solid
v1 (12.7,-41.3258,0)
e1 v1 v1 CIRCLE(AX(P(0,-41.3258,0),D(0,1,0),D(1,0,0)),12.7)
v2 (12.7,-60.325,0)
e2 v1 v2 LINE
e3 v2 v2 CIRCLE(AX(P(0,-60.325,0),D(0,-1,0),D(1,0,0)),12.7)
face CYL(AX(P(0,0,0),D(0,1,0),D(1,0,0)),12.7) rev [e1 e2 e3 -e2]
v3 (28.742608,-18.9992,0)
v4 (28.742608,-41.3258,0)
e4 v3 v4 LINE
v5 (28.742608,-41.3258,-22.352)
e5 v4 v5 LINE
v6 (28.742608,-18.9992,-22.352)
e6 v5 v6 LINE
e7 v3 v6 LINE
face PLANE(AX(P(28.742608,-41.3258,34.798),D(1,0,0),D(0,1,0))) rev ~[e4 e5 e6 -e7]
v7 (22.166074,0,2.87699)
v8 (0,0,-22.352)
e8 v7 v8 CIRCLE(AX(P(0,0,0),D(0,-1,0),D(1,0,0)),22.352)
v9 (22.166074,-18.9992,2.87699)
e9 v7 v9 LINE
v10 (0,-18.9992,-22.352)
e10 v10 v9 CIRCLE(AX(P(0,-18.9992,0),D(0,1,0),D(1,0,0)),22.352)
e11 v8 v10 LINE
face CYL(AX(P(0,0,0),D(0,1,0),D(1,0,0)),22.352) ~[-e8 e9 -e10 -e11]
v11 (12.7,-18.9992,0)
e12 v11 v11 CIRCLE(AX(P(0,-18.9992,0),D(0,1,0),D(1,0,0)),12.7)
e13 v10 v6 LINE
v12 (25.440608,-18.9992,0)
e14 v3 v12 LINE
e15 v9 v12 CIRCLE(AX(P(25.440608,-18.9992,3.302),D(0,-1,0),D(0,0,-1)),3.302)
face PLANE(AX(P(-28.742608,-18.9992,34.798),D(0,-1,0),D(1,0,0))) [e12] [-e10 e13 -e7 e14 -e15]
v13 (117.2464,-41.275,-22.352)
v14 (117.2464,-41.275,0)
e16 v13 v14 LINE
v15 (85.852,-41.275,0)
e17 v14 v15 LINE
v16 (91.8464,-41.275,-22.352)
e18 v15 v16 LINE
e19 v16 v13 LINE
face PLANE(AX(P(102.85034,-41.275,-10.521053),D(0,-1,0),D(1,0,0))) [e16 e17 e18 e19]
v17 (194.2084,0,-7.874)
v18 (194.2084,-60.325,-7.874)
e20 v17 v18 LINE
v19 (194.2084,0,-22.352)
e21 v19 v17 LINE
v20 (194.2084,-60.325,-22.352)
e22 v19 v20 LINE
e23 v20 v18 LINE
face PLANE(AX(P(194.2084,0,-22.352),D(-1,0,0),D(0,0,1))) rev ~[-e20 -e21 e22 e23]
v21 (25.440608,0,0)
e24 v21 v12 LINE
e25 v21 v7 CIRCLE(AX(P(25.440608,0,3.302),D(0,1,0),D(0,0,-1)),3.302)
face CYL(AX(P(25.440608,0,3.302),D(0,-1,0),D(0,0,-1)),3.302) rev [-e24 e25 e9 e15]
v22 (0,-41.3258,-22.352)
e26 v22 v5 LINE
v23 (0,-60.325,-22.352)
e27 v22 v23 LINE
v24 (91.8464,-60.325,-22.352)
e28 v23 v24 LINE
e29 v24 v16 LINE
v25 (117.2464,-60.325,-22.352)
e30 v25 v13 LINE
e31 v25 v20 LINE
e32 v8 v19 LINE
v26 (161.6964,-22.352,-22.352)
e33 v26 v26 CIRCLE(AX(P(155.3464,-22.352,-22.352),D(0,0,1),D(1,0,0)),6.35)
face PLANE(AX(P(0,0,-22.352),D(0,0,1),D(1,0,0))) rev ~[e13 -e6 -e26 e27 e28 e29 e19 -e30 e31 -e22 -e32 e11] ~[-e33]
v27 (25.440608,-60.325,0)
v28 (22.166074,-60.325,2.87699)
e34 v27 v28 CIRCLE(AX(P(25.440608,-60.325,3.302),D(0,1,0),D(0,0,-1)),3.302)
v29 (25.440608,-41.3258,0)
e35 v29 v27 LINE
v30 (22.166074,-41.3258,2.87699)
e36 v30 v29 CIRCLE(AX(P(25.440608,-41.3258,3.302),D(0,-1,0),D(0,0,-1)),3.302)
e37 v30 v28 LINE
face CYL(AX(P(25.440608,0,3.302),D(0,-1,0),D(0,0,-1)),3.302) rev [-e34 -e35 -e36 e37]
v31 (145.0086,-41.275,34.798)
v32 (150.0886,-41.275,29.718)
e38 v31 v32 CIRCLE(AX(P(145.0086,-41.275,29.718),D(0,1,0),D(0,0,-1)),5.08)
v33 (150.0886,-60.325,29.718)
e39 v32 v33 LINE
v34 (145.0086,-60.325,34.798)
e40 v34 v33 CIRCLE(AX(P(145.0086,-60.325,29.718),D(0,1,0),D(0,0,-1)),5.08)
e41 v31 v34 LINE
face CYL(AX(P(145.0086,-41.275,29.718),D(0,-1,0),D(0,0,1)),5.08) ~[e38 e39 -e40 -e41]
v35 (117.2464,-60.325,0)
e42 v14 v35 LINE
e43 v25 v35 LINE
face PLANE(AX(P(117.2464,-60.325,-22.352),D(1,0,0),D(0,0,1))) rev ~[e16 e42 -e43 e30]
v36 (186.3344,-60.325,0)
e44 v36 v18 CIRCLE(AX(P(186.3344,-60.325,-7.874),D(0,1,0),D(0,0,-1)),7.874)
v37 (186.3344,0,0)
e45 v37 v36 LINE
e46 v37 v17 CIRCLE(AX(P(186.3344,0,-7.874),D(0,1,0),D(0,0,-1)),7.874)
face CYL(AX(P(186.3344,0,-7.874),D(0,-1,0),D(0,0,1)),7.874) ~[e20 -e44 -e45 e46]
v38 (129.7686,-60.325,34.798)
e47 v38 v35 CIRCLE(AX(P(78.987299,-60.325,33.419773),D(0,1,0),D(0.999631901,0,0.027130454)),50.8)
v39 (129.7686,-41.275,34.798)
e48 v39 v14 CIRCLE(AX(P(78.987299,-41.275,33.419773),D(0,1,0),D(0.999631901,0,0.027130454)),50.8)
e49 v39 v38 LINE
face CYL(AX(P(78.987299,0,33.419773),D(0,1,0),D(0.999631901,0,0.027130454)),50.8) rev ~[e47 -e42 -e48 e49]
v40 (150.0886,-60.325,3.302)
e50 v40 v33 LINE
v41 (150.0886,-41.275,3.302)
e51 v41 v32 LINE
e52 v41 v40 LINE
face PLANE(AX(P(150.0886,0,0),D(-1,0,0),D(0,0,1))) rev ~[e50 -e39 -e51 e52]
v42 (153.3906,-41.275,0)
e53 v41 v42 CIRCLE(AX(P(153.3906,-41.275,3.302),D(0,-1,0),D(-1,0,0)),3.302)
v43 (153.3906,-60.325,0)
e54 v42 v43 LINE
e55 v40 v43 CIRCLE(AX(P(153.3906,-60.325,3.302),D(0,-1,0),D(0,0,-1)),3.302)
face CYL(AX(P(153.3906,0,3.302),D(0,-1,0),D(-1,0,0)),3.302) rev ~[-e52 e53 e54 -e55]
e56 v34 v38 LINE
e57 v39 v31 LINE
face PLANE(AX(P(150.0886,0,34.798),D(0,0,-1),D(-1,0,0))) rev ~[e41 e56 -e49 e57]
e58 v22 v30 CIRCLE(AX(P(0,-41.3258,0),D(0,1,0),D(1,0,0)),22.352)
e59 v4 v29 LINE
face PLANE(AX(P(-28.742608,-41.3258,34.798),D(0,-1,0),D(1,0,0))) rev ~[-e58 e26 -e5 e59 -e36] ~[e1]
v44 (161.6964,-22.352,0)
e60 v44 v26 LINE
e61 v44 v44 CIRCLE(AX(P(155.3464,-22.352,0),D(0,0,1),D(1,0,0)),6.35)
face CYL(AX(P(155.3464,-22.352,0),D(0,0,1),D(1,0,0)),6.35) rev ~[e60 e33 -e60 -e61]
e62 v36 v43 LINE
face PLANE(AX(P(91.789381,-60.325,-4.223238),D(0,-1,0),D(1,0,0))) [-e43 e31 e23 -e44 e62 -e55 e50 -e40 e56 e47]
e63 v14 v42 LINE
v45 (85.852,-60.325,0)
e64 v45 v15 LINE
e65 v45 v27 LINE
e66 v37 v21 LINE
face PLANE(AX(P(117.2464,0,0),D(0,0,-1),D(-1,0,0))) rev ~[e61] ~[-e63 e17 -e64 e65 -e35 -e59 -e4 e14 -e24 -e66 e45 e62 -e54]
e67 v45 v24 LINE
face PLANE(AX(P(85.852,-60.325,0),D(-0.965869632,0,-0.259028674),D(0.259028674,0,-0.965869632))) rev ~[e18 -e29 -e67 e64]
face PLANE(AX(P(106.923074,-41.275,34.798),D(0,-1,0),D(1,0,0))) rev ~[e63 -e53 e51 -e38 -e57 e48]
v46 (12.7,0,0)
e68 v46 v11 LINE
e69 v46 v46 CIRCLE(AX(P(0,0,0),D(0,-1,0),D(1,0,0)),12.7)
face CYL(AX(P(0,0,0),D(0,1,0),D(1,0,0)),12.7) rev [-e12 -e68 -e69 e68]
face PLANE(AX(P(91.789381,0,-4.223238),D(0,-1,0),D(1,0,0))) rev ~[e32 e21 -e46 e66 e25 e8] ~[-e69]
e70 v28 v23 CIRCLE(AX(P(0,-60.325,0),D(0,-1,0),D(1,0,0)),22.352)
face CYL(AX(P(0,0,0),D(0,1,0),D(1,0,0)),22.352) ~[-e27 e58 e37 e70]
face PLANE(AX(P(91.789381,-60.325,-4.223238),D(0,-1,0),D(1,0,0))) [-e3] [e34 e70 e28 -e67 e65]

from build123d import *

# Parameters (mm, degrees)
F0_R      = 12.7
F1_DEPTH  = 60.325
F2_R      = 3.302
F3_W      = 57.4852150798
F3_H      = 22.3266
F4_DEPTH  = 57.151
F3_W_2    = 22.8455264698
F3_H_2    = 41.275
F3_W_3    = 20.32
F3_W_4    = 13.4658747114
F5_DEPTH  = 34.798
F6_R      = 6.35
F7_DEPTH  = 22.353
F8_R      = 5.08
F9_R      = 7.874
F11_DEPTH = 19.05


with BuildPart() as f1:
    # F0 (on Front) → F1 (new body)
    with BuildSketch(Plane.XZ):
        with BuildLine():
            Line((117.2464, 0), (22.352, 0))
            ThreePointArc((22.352, 0), (-15.8052507731, 15.8052507731), (0, -22.352))
            Line((0, -22.352), (194.2084, -22.352))
            Line((194.2084, -22.352), (194.2084, 0))
            Line((194.2084, 0), (150.0886, 0))
            Line((150.0886, 0), (150.0886, 34.798))
            Line((150.0886, 34.798), (129.7686, 34.798))
            ThreePointArc((129.7686, 34.798), (126.786603396, 16.2190014787), (117.2464, 0))
        make_face()
        Circle(F0_R, mode=Mode.SUBTRACT)
    extrude(amount=F1_DEPTH)

    # F2
    f2_edges = [f1.edges().sort_by_distance(p)[0] for p in [
        (22.352, -30.1625, 0),
        (150.0886, -30.1625, 0),
    ]]
    fillet(f2_edges, radius=F2_R)

    # F3 (on face) → F4 (cut, through all)
    with BuildSketch(Plane.XY.offset(34.798)):
        with Locations((0, -30.1625)):
            Rectangle(F3_W, F3_H)
    extrude(amount=-F4_DEPTH, mode=Mode.SUBTRACT)

    # F3 (on face) → F5 (cut, through all)
    with BuildSketch(Plane.XY.offset(34.798)):
        with Locations((118.3458367651, -20.6375)):
            Rectangle(F3_W_2, F3_H_2)
        with Locations((139.9286, -20.6375)):
            Rectangle(F3_W_3, F3_H_2)
        with Locations((156.8215373557, -20.6375)):
            Rectangle(F3_W_4, F3_H_2)
    extrude(amount=-F5_DEPTH, mode=Mode.SUBTRACT)

    # F6 (on face) → F7 (cut, through all)
    with BuildSketch(Plane.XY):
        with Locations((155.3464, -22.352)):
            Circle(F6_R)
    extrude(amount=-F7_DEPTH, mode=Mode.SUBTRACT)

    # F8
    f8_edges = [f1.edges().sort_by_distance(p)[0] for p in [
        (150.0886, -50.8, 34.798),
    ]]
    fillet(f8_edges, radius=F8_R)

    # F9
    f9_edges = [f1.edges().sort_by_distance(p)[0] for p in [
        (194.2084, -30.1625, 0),
    ]]
    fillet(f9_edges, radius=F9_R)

    # F10 (on face) → F11 (cut)
    with BuildSketch(Plane.XZ.offset(60.325)):
        Polygon((117.2464, -22.352), (117.2464, 0), (85.852, 0), (91.8464, -22.352), align=None)
    extrude(amount=-F11_DEPTH, mode=Mode.SUBTRACT)


solid = f1.part
